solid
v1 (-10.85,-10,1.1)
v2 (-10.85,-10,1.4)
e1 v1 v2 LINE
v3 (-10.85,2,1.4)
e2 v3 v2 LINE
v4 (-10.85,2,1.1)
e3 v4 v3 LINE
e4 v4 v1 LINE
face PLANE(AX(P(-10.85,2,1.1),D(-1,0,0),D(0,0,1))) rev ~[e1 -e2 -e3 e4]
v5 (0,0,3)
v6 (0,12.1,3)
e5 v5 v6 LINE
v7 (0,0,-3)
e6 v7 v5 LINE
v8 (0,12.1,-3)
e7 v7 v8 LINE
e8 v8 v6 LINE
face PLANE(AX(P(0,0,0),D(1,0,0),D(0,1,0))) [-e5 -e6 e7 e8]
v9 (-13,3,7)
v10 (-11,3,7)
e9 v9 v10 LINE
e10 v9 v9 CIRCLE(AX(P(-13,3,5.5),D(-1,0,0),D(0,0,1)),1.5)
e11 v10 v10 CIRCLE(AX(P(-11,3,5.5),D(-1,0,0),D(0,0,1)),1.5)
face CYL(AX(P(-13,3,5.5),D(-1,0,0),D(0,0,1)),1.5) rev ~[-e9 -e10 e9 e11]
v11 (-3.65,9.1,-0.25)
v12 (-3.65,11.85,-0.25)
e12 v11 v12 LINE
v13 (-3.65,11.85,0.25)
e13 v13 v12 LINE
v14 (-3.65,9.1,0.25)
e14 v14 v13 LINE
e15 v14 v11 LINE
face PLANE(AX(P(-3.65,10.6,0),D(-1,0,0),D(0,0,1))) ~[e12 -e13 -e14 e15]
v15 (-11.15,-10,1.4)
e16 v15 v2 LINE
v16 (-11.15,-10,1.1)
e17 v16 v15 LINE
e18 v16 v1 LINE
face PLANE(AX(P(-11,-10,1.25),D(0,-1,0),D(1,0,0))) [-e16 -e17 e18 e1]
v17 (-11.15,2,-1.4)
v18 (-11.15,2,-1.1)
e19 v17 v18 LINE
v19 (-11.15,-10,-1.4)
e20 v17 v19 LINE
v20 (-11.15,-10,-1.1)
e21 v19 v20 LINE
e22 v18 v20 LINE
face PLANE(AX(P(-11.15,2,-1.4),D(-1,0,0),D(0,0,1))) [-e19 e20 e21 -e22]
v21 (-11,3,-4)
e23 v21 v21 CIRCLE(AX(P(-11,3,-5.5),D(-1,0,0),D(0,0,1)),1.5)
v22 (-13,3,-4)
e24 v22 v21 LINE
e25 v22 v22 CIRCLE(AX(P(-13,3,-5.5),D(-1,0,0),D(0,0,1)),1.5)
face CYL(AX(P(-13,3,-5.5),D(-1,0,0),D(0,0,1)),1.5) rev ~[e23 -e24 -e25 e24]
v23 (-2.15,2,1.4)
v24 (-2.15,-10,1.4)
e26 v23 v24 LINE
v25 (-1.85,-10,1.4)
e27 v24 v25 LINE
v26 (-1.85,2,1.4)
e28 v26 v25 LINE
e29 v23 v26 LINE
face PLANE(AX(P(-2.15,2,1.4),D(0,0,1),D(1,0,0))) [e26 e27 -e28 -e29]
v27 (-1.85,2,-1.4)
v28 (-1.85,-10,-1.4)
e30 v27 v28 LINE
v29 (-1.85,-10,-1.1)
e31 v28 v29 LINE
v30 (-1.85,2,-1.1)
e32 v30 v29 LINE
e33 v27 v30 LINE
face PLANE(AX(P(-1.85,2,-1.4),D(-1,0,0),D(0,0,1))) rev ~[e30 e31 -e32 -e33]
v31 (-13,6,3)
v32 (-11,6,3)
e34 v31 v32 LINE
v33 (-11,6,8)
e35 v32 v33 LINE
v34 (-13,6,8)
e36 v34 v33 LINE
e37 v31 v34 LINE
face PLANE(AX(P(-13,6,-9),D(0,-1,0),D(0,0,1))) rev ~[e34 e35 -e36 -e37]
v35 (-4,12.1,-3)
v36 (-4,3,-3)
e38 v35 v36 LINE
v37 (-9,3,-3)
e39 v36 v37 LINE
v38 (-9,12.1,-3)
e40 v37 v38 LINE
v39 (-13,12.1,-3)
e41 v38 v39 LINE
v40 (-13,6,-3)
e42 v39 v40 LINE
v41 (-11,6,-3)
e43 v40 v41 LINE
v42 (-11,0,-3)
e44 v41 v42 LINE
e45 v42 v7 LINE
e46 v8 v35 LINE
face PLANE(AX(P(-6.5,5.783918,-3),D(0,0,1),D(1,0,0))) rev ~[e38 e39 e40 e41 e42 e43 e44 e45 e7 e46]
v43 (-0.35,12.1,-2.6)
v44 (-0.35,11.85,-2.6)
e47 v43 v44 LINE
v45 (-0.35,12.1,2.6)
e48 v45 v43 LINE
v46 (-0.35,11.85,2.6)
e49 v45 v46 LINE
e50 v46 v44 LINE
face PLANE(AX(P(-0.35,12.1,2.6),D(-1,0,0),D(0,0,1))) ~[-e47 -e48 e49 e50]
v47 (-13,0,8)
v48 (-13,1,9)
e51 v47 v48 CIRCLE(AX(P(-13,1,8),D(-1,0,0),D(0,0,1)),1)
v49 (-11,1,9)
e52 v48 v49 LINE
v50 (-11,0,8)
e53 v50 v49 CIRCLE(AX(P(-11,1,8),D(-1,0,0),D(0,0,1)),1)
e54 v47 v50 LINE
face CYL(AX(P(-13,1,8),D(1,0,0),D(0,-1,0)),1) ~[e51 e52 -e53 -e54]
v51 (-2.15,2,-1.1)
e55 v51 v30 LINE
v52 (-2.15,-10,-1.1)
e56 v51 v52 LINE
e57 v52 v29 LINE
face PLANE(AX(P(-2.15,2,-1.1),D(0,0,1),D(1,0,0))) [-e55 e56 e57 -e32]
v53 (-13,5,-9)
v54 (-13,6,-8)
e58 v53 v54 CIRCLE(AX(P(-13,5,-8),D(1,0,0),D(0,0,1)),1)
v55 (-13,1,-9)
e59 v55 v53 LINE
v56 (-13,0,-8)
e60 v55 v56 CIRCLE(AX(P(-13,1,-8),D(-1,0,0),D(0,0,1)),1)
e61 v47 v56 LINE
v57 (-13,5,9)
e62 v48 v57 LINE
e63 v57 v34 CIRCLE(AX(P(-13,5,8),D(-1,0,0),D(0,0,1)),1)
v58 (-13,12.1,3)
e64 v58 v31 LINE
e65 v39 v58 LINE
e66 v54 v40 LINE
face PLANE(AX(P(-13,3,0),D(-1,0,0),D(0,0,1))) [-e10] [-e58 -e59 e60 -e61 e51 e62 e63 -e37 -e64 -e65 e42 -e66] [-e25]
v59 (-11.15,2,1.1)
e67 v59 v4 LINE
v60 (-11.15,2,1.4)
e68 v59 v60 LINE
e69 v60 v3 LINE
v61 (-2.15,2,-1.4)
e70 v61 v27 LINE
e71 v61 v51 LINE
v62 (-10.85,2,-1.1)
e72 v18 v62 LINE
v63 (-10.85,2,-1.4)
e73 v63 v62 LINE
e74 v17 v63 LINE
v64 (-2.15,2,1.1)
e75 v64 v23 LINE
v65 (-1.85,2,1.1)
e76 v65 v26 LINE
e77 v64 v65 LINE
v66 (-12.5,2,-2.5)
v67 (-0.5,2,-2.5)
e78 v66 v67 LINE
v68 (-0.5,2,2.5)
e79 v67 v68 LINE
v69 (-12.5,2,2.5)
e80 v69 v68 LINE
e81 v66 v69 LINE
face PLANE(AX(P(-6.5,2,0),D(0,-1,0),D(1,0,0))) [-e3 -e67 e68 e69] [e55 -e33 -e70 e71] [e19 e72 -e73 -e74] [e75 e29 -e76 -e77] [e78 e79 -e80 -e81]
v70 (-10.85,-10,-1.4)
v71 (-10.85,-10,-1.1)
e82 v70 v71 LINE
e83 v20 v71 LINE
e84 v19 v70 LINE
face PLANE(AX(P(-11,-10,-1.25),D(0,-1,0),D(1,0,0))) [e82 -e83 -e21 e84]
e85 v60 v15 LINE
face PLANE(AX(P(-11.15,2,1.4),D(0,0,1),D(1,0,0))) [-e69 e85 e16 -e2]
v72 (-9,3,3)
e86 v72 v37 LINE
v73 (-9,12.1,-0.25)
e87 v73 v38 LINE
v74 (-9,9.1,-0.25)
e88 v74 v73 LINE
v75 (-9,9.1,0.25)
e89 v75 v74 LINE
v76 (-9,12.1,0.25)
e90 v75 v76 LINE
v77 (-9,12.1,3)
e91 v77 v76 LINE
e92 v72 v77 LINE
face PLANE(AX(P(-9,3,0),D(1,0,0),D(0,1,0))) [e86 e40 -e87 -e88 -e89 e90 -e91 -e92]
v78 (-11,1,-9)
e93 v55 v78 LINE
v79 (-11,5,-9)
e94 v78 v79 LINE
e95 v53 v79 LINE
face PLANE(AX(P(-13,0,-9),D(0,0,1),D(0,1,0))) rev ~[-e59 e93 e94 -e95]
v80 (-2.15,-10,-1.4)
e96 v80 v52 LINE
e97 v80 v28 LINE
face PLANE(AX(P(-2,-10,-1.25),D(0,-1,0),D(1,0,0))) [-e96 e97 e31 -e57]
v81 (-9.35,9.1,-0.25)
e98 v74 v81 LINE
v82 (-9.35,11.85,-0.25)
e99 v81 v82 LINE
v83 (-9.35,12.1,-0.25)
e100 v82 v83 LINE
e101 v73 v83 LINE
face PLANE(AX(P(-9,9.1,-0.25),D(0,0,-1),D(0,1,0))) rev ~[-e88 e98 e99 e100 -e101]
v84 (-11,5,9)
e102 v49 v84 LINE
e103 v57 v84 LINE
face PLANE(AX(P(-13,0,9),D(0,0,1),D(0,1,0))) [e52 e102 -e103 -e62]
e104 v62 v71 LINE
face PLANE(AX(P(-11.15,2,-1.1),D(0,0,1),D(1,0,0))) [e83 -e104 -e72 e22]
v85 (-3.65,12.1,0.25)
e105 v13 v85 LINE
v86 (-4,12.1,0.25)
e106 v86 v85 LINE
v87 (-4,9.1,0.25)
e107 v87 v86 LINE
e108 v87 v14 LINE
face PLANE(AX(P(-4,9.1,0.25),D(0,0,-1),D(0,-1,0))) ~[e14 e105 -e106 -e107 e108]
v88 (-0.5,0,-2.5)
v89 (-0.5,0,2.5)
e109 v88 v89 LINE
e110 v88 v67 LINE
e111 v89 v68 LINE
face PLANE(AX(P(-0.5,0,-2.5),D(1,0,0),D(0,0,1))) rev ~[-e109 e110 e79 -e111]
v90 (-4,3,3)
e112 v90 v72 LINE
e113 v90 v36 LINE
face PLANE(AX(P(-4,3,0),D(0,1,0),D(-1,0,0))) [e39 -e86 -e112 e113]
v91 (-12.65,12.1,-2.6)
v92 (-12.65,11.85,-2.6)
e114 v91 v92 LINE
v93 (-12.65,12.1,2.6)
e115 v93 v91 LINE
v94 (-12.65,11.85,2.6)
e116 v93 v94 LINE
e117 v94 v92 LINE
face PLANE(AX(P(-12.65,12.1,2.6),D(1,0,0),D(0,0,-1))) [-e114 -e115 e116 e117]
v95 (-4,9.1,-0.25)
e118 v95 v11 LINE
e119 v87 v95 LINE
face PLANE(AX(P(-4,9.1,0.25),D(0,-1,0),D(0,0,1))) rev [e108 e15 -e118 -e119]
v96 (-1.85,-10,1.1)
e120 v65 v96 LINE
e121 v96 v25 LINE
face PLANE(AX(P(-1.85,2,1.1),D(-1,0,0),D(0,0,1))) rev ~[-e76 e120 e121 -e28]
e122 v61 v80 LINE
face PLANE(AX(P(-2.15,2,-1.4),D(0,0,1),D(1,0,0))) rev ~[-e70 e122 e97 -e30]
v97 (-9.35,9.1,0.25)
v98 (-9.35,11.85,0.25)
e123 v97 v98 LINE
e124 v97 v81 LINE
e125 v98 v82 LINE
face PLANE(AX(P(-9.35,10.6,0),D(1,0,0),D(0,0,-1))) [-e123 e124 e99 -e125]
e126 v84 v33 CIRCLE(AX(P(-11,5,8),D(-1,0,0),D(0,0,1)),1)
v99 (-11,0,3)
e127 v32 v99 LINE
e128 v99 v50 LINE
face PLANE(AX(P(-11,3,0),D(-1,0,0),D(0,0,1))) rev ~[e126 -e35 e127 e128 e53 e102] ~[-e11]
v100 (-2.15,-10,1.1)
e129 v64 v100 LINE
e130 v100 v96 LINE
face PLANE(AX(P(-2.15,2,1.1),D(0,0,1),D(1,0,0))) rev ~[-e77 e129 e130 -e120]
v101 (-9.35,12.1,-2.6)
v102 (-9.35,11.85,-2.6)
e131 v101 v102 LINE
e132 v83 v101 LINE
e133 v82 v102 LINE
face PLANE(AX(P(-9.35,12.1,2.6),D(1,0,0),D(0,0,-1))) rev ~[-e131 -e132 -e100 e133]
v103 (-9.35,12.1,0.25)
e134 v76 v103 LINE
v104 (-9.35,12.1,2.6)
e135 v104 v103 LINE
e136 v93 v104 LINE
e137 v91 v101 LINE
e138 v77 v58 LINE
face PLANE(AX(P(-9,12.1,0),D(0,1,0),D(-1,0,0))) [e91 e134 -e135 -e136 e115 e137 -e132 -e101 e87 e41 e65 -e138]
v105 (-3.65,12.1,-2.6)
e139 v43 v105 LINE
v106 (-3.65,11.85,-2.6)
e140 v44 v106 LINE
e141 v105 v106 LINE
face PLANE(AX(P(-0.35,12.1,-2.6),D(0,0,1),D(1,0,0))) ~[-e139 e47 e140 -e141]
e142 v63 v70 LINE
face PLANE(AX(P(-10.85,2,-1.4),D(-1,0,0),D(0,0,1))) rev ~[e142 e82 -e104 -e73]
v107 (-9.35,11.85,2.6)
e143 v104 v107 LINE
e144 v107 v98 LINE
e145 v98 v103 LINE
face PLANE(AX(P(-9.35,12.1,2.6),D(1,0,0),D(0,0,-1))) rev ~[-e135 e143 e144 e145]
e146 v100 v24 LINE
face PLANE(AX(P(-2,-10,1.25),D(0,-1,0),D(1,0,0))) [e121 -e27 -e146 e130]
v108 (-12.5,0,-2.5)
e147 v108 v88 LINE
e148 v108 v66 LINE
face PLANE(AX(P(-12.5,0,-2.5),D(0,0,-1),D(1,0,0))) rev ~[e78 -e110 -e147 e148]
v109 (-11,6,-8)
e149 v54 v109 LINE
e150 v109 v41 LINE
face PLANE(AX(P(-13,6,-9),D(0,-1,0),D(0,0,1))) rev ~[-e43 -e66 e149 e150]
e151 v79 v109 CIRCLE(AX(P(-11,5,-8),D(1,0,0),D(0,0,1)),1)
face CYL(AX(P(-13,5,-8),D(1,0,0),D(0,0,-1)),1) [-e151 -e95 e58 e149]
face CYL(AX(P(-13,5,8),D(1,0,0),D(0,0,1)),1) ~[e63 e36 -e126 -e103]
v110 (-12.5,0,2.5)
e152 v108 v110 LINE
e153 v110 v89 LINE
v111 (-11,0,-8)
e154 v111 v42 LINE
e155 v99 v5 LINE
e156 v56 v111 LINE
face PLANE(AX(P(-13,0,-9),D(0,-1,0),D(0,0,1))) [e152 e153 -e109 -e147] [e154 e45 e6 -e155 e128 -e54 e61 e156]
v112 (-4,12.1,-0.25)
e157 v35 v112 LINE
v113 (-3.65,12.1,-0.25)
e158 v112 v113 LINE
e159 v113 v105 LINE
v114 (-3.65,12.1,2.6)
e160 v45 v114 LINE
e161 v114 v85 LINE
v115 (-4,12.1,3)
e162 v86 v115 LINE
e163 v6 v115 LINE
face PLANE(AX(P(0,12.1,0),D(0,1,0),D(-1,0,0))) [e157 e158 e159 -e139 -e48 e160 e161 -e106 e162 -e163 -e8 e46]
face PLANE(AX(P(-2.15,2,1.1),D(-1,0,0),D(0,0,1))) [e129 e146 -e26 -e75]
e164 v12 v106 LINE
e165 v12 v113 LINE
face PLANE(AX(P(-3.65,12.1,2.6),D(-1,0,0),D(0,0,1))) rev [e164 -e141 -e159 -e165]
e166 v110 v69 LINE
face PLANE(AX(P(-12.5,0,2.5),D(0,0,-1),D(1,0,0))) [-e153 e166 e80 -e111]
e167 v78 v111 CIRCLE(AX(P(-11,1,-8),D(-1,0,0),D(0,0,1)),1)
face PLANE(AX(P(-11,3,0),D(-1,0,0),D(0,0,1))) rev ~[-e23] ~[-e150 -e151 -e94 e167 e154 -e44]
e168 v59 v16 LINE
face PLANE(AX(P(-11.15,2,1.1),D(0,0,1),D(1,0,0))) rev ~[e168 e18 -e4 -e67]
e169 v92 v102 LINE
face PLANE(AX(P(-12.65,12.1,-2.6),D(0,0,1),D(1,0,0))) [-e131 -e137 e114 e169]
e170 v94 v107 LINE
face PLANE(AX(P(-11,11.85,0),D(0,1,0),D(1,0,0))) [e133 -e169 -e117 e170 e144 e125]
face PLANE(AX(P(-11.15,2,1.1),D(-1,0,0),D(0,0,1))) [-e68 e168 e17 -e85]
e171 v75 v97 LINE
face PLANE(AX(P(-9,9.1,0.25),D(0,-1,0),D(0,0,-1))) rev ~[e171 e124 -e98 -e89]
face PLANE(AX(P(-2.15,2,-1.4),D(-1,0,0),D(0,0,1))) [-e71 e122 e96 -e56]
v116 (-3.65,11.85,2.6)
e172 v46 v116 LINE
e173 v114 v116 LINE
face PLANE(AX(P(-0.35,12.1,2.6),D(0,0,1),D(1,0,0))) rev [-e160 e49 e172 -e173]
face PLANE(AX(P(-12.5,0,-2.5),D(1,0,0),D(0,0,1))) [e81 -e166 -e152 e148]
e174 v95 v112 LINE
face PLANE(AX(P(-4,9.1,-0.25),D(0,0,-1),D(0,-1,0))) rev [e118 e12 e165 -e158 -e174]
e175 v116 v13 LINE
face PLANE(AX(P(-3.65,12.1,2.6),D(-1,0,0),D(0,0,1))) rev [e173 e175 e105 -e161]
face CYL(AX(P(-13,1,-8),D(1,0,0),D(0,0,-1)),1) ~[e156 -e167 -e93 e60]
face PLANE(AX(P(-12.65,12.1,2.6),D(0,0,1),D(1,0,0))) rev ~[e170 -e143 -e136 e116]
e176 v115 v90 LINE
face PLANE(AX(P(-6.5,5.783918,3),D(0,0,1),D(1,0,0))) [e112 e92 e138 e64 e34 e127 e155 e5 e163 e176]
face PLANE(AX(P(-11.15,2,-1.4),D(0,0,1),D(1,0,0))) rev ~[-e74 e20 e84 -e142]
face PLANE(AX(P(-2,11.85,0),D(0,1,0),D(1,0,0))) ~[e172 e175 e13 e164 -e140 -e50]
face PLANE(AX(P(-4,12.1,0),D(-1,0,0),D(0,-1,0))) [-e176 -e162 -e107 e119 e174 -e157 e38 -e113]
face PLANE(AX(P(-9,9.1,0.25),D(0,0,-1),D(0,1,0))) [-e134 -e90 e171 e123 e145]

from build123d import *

# Parameters (mm, degrees)
BOSS_EXTRUDE1_DEPTH  = 3
SKETCH3_W            = 18
SKETCH3_H            = 6
BOSS_EXTRUDE2_DEPTH  = 2
SKETCH4_R            = 1.5
CUT_EXTRUDE1_DEPTH   = 14
FILLET1_R            = 1
SKETCH5_W            = 3.3
SKETCH5_H            = 5.2
CUT_EXTRUDE2_DEPTH   = 0.25
SKETCH6_W            = 0.5
SKETCH6_H            = 3
CUT_EXTRUDE3_DEPTH   = 0.35
SKETCH7_W            = 12
SKETCH7_H            = 5
CUT_EXTRUDE4_DEPTH   = 2
SKETCH8_W            = 0.3
SKETCH8_H            = 0.3
BOSS_EXTRUDE3_DEPTH  = 12
LPATTERN1_COUNT      = 2
LPATTERN1_PITCH      = 9
LPATTERN1_COUNT_DIR2 = 2
LPATTERN1_PITCH_DIR2 = 2.5


with BuildPart() as part:
    # Sketch1 → Boss-Extrude1 (new body, symmetric)
    with BuildSketch(Plane.XY):
        Polygon((-9, 12.1), (-13, 12.1), (-13, 0), (0, 0), (0, 12.1), (-4, 12.1), (-4, 3), (-9, 3), align=None)
    extrude(amount=BOSS_EXTRUDE1_DEPTH, both=True)

    # Sketch3 → Boss-Extrude2 (add)
    with BuildSketch(Plane.ZY.offset(13)):
        with Locations((0, 3)):
            Rectangle(SKETCH3_W, SKETCH3_H)
    extrude(amount=-BOSS_EXTRUDE2_DEPTH)

    # Sketch4 → Cut-Extrude1 (cut, through all)
    with BuildSketch(Plane.ZY.offset(13)):
        with Locations((-5.5, 3)):
            Circle(SKETCH4_R)
        with Locations((5.5, 3)):
            Circle(SKETCH4_R)
    extrude(amount=-CUT_EXTRUDE1_DEPTH, mode=Mode.SUBTRACT)

    # Fillet1
    fillet1_edges = [part.edges().sort_by_distance(p)[0] for p in [
        (-12, 6, -9),
        (-12, 0, -9),
        (-12, 6, 9),
        (-12, 0, 9),
    ]]
    fillet(fillet1_edges, radius=FILLET1_R)

    # Sketch5 → Cut-Extrude2 (cut)
    with BuildSketch(Plane(origin=(0, 12.1, 0), x_dir=(1, 0, 0), z_dir=(0, 1, 0))):
        with Locations((-11, 0)):
            Rectangle(SKETCH5_W, SKETCH5_H)
    cut_extrude2 = extrude(amount=-CUT_EXTRUDE2_DEPTH, mode=Mode.SUBTRACT)

    # Sketch6 → Cut-Extrude3 (cut)
    with BuildSketch(Plane(origin=(-9, 0, 0), x_dir=(0, 0, -1), z_dir=(1, 0, 0))):
        with Locations((0, 10.6)):
            Rectangle(SKETCH6_W, SKETCH6_H)
    cut_extrude3 = extrude(amount=-CUT_EXTRUDE3_DEPTH, mode=Mode.SUBTRACT)

    # Mirror1: Cut-Extrude2, Cut-Extrude3 across plane
    add(cut_extrude2.mirror(Plane(origin=(-6.5, 0, 0), x_dir=(0, 0, 1), z_dir=(1, 0, 0))), mode=Mode.SUBTRACT)
    add(cut_extrude3.mirror(Plane(origin=(-6.5, 0, 0), x_dir=(0, 0, 1), z_dir=(1, 0, 0))), mode=Mode.SUBTRACT)

    # Sketch7 → Cut-Extrude4 (cut)
    with BuildSketch(Plane.XZ):
        with Locations((-6.5, 0)):
            Rectangle(SKETCH7_W, SKETCH7_H)
    extrude(amount=-CUT_EXTRUDE4_DEPTH, mode=Mode.SUBTRACT)

    # Sketch8 → Boss-Extrude3 (add)
    with BuildSketch(Plane.XZ.offset(-2)):
        with Locations((-11, 1.25)):
            Rectangle(SKETCH8_W, SKETCH8_H)
    boss_extrude3 = extrude(amount=BOSS_EXTRUDE3_DEPTH)

    # LPattern1: Boss-Extrude3 2 × 2
    with Locations(*[(i * LPATTERN1_PITCH, 0, -j * LPATTERN1_PITCH_DIR2) for i in range(LPATTERN1_COUNT) for j in range(LPATTERN1_COUNT_DIR2) if (i, j) != (0, 0)]):
        add(boss_extrude3)


solid = part.part
